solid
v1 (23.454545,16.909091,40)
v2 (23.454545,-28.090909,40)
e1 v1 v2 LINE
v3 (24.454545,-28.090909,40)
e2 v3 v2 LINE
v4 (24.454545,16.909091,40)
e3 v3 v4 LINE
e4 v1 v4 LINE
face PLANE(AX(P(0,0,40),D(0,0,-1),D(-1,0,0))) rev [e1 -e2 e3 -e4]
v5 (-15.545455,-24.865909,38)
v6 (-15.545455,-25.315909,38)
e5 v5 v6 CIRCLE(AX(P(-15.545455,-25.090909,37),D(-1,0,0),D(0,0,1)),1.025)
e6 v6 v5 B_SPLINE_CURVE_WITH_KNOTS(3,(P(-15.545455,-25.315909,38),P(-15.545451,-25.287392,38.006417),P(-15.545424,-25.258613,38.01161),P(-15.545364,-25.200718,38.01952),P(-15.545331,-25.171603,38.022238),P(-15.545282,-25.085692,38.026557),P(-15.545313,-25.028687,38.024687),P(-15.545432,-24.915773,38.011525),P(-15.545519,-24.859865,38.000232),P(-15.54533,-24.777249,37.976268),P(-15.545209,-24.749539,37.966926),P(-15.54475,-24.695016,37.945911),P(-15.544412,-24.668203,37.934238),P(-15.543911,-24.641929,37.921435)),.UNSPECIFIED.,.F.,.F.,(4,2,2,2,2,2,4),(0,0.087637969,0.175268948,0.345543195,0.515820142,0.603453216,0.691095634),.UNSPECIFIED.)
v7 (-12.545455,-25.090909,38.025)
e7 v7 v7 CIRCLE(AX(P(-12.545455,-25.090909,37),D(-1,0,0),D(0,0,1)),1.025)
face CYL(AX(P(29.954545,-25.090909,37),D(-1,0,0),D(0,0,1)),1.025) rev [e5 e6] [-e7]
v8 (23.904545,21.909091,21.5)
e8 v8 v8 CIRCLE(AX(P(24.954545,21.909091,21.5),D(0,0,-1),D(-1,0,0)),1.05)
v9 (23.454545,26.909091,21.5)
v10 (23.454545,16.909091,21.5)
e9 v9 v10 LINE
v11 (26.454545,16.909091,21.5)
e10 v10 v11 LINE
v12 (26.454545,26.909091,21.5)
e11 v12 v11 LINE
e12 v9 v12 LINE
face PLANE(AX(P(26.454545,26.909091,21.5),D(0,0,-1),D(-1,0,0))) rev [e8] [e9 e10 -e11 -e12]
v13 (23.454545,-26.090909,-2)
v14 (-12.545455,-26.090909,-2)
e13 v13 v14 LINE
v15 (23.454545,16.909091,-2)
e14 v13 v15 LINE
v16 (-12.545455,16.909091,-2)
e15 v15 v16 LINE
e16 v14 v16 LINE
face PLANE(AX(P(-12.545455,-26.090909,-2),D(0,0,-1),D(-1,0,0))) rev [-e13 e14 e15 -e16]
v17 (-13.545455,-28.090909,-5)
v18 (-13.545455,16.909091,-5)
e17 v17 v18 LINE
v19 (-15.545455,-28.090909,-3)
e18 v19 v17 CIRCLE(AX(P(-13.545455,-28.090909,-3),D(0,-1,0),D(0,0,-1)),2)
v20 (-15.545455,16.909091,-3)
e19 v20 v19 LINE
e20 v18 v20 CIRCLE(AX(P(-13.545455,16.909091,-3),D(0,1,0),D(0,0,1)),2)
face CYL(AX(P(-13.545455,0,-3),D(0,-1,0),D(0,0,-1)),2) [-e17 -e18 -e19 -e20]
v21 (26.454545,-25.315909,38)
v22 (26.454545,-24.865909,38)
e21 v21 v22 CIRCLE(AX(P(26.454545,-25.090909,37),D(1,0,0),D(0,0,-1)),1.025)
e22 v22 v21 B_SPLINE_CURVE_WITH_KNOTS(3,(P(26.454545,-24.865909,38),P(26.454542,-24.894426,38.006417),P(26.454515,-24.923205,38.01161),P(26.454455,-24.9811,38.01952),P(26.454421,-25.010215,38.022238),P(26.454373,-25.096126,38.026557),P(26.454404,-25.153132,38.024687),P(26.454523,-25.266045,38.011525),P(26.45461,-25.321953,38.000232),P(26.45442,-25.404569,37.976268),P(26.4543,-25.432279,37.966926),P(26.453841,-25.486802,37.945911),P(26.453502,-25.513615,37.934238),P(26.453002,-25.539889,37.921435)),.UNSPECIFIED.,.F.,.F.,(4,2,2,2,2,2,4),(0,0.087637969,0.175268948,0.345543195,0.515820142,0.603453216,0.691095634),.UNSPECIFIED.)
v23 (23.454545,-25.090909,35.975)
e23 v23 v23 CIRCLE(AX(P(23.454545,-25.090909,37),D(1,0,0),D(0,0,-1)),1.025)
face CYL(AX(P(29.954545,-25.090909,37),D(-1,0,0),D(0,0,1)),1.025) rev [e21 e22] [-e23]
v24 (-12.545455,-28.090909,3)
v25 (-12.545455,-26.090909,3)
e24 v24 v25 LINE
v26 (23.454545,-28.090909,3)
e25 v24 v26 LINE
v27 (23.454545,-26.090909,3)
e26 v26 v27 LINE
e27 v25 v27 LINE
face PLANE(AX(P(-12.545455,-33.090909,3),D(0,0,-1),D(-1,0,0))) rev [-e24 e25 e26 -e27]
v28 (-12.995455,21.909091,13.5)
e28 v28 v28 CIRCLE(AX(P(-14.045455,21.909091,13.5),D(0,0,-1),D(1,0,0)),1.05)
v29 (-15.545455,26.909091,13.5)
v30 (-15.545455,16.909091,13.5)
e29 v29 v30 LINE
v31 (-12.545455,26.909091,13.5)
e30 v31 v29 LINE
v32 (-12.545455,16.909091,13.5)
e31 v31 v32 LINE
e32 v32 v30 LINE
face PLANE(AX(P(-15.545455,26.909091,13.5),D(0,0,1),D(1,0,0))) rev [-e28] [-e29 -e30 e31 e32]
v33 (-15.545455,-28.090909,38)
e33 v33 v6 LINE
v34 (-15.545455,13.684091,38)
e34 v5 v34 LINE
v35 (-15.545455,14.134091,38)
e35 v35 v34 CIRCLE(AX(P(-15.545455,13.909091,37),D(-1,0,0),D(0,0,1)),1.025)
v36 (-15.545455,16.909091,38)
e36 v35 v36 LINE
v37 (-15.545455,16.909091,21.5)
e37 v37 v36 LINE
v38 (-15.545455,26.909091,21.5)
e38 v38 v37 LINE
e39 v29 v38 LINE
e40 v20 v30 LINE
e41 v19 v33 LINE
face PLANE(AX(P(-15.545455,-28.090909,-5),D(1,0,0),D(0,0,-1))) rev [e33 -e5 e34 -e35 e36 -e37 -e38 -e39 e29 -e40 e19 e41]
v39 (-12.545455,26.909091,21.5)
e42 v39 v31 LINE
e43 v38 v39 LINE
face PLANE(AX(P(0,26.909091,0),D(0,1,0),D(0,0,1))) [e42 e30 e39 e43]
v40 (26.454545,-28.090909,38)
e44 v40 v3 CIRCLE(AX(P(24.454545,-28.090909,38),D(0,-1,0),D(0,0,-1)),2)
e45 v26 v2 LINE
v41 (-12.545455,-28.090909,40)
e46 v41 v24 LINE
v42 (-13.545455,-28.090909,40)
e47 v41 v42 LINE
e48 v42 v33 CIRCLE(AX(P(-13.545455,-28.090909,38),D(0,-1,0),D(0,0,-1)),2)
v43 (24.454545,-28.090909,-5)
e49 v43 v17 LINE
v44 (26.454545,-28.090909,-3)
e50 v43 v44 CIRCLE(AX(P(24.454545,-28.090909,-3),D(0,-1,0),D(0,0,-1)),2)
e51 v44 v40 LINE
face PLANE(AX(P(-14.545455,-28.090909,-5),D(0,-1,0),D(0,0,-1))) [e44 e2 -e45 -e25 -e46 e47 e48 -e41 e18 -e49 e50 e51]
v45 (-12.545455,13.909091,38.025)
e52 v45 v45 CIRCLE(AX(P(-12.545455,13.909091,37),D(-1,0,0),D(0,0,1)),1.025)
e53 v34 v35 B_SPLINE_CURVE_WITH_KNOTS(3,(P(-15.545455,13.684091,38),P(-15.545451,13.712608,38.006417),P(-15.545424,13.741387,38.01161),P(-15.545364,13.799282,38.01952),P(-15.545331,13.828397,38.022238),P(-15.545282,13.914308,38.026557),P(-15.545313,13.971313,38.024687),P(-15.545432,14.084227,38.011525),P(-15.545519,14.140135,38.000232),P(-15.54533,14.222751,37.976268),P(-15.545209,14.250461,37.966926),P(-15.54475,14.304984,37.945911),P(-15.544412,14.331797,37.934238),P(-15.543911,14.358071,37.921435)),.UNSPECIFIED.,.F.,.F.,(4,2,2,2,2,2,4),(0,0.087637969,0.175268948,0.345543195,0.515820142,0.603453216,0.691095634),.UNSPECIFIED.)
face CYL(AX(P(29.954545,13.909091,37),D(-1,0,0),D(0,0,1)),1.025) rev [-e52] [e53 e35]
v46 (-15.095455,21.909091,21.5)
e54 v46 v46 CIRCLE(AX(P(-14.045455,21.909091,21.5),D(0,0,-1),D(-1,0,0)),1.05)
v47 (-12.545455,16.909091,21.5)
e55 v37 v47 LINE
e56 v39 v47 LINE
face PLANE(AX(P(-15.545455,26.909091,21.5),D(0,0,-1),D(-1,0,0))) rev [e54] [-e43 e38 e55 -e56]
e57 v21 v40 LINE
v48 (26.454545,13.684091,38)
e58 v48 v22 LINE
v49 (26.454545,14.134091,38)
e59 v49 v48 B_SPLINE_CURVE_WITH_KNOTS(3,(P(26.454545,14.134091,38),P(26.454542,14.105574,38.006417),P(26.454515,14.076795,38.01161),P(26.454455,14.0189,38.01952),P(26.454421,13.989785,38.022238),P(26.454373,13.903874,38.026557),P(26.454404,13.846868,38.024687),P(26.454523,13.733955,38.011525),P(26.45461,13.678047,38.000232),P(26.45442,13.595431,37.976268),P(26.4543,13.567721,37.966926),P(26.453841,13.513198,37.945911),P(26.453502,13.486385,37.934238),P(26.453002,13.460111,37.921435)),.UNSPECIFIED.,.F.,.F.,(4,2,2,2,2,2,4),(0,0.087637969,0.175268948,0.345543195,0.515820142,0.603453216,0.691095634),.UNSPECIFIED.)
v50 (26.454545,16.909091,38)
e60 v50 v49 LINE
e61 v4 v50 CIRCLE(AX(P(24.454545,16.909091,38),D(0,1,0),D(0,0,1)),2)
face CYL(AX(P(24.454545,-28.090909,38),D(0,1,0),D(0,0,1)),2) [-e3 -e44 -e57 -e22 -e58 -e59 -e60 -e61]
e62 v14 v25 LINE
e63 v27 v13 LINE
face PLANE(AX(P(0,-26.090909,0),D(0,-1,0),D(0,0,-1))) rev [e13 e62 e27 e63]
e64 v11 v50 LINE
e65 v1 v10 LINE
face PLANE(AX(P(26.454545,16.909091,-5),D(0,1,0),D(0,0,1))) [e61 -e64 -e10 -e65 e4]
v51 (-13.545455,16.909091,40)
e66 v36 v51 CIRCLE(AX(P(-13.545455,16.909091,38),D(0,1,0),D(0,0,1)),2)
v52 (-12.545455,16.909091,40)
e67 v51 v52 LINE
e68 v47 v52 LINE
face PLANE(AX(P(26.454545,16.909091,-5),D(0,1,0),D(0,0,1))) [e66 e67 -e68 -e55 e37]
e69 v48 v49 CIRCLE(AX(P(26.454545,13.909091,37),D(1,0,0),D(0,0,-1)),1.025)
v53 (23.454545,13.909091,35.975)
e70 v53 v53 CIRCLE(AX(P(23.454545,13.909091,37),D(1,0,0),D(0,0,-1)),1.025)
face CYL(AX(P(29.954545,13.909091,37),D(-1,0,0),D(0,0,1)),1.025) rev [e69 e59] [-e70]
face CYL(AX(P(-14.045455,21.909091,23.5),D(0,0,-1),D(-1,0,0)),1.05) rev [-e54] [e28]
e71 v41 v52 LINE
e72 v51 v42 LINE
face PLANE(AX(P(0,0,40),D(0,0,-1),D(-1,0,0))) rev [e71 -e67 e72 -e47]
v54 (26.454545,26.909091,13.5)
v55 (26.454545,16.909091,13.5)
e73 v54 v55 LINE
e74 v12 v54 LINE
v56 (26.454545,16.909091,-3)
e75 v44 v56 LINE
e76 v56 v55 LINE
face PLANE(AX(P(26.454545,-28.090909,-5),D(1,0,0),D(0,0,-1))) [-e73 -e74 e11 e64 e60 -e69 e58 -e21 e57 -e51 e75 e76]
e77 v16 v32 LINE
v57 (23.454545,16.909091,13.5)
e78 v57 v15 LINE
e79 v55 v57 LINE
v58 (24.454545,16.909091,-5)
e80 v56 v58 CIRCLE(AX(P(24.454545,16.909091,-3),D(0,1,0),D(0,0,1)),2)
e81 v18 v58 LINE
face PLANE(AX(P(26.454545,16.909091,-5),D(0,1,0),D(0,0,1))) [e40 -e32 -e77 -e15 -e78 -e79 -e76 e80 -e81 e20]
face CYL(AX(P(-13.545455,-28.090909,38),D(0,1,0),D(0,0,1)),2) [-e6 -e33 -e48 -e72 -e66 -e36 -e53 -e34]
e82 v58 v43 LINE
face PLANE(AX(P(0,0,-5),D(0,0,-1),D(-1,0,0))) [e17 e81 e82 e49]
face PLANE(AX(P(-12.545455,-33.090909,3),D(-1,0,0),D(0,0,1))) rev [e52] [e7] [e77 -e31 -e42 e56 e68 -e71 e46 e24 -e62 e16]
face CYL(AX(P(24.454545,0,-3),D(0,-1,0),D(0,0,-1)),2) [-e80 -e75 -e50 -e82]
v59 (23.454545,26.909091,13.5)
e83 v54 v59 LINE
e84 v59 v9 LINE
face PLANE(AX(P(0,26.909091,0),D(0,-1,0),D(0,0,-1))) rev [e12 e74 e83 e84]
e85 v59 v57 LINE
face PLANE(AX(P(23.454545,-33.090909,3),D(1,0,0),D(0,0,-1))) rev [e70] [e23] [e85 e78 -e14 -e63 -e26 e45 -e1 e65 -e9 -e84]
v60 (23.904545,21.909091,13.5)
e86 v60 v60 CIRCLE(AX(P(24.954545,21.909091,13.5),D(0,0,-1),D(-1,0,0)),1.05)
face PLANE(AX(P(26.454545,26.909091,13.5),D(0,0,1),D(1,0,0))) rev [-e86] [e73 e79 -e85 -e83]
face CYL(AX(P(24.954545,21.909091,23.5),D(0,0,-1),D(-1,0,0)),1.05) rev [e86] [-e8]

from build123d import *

# Parameters (mm, degrees)
EXTRUDE_1_DEPTH      = 40
EXTRUDE_1_DEPTH_BACK = 5
SKETCH_2_W           = 36
SKETCH_2_H           = 37
CUT_EXTRUDE_1_DEPTH  = 50
SKETCH_5_W           = 36
SKETCH_5_H           = 5
CUT_EXTRUDE_4_DEPTH  = 43
SKETCH_9_R           = 1.025
CUT_EXTRUDE_5_DEPTH  = 45.5
SKETCH_10_W          = 3
SKETCH_10_H          = 8
EXTRUDE_4_DEPTH      = 10
SKETCH_12_R          = 1.05
CUT_EXTRUDE_6_DEPTH  = 10
FILLET_4_R           = 2
FILLET_5_R           = 2
FILLET_6_R           = 2
FILLET_7_R           = 2


with BuildPart() as part:
    # 草圖1 → 填料-伸長1 (new body, two sides)
    with BuildSketch(Plane.XY) as extrude_1_sk:
        Polygon((-14.545454545, -28.090909091), (-15.545454545, -28.090909091), (-15.545454545, 16.909090909), (-14.545454545, 16.909090909), (25.454545455, 16.909090909), (26.454545455, 16.909090909), (26.454545455, -28.090909091), (25.454545455, -28.090909091), align=None)
    extrude(amount=EXTRUDE_1_DEPTH)
    extrude(extrude_1_sk.sketch, amount=-EXTRUDE_1_DEPTH_BACK)

    # 草圖2 → 除料-伸長1 (cut)
    with BuildSketch(Plane(origin=(0, 16.909090909, 0), x_dir=(1, 0, 0), z_dir=(0, 1, 0))):
        with Locations((5.454545455, -21.5)):
            Rectangle(SKETCH_2_W, SKETCH_2_H)
    extrude(amount=-CUT_EXTRUDE_1_DEPTH, mode=Mode.SUBTRACT)

    # 草圖5 → 除料-伸長4 (cut)
    with BuildSketch(Plane(origin=(0, 16.909090909, 0), x_dir=(1, 0, 0), z_dir=(0, 1, 0))):
        with Locations((5.454545455, -0.5)):
            Rectangle(SKETCH_5_W, SKETCH_5_H)
    extrude(amount=-CUT_EXTRUDE_4_DEPTH, mode=Mode.SUBTRACT)

    # 草圖9 → 除料-伸長5 (cut)
    with BuildSketch(Plane.ZY.offset(15.545454545)):
        with Locations((37, -25.090909091)):
            Circle(SKETCH_9_R)
        with Locations((37, 13.909090909)):
            Circle(SKETCH_9_R)
    extrude(amount=-CUT_EXTRUDE_5_DEPTH, mode=Mode.SUBTRACT)

    # 草圖10 → 填料-伸長4 (add)
    with BuildSketch(Plane(origin=(0, 16.909090909, 0), x_dir=(1, 0, 0), z_dir=(0, 1, 0))):
        with Locations((-14.045454545, -17.5)):
            Rectangle(SKETCH_10_W, SKETCH_10_H)
        with Locations((24.954545455, -17.5)):
            Rectangle(SKETCH_10_W, SKETCH_10_H)
    extrude(amount=EXTRUDE_4_DEPTH)

    # 草圖12 → 除料-伸長6 (cut)
    with BuildSketch(Plane(origin=(0, 0, 13.5), x_dir=(-1, 0, 0), z_dir=(0, 0, -1))):
        with Locations((-24.954545455, 21.909090909)):
            Circle(SKETCH_12_R)
        with Locations((14.045454545, 21.909090909)):
            Circle(SKETCH_12_R)
    extrude(amount=-CUT_EXTRUDE_6_DEPTH, mode=Mode.SUBTRACT)

    # 圓角4
    fillet_4_edges = [part.edges().sort_by_distance(p)[0] for p in [
        (26.454545455, -5.590909091, -5),
    ]]
    fillet(fillet_4_edges, radius=FILLET_4_R)

    # 圓角5
    fillet_5_edges = [part.edges().sort_by_distance(p)[0] for p in [
        (-15.545454545, -5.590909091, -5),
    ]]
    fillet(fillet_5_edges, radius=FILLET_5_R)

    # 圓角6
    fillet_6_edges = [part.edges().sort_by_distance(p)[0] for p in [
        (26.454545455, -5.590909091, 40),
    ]]
    fillet(fillet_6_edges, radius=FILLET_6_R)

    # 圓角7
    fillet_7_edges = [part.edges().sort_by_distance(p)[0] for p in [
        (-15.545454545, -5.590909091, 40),
    ]]
    fillet(fillet_7_edges, radius=FILLET_7_R)


solid = part.part
